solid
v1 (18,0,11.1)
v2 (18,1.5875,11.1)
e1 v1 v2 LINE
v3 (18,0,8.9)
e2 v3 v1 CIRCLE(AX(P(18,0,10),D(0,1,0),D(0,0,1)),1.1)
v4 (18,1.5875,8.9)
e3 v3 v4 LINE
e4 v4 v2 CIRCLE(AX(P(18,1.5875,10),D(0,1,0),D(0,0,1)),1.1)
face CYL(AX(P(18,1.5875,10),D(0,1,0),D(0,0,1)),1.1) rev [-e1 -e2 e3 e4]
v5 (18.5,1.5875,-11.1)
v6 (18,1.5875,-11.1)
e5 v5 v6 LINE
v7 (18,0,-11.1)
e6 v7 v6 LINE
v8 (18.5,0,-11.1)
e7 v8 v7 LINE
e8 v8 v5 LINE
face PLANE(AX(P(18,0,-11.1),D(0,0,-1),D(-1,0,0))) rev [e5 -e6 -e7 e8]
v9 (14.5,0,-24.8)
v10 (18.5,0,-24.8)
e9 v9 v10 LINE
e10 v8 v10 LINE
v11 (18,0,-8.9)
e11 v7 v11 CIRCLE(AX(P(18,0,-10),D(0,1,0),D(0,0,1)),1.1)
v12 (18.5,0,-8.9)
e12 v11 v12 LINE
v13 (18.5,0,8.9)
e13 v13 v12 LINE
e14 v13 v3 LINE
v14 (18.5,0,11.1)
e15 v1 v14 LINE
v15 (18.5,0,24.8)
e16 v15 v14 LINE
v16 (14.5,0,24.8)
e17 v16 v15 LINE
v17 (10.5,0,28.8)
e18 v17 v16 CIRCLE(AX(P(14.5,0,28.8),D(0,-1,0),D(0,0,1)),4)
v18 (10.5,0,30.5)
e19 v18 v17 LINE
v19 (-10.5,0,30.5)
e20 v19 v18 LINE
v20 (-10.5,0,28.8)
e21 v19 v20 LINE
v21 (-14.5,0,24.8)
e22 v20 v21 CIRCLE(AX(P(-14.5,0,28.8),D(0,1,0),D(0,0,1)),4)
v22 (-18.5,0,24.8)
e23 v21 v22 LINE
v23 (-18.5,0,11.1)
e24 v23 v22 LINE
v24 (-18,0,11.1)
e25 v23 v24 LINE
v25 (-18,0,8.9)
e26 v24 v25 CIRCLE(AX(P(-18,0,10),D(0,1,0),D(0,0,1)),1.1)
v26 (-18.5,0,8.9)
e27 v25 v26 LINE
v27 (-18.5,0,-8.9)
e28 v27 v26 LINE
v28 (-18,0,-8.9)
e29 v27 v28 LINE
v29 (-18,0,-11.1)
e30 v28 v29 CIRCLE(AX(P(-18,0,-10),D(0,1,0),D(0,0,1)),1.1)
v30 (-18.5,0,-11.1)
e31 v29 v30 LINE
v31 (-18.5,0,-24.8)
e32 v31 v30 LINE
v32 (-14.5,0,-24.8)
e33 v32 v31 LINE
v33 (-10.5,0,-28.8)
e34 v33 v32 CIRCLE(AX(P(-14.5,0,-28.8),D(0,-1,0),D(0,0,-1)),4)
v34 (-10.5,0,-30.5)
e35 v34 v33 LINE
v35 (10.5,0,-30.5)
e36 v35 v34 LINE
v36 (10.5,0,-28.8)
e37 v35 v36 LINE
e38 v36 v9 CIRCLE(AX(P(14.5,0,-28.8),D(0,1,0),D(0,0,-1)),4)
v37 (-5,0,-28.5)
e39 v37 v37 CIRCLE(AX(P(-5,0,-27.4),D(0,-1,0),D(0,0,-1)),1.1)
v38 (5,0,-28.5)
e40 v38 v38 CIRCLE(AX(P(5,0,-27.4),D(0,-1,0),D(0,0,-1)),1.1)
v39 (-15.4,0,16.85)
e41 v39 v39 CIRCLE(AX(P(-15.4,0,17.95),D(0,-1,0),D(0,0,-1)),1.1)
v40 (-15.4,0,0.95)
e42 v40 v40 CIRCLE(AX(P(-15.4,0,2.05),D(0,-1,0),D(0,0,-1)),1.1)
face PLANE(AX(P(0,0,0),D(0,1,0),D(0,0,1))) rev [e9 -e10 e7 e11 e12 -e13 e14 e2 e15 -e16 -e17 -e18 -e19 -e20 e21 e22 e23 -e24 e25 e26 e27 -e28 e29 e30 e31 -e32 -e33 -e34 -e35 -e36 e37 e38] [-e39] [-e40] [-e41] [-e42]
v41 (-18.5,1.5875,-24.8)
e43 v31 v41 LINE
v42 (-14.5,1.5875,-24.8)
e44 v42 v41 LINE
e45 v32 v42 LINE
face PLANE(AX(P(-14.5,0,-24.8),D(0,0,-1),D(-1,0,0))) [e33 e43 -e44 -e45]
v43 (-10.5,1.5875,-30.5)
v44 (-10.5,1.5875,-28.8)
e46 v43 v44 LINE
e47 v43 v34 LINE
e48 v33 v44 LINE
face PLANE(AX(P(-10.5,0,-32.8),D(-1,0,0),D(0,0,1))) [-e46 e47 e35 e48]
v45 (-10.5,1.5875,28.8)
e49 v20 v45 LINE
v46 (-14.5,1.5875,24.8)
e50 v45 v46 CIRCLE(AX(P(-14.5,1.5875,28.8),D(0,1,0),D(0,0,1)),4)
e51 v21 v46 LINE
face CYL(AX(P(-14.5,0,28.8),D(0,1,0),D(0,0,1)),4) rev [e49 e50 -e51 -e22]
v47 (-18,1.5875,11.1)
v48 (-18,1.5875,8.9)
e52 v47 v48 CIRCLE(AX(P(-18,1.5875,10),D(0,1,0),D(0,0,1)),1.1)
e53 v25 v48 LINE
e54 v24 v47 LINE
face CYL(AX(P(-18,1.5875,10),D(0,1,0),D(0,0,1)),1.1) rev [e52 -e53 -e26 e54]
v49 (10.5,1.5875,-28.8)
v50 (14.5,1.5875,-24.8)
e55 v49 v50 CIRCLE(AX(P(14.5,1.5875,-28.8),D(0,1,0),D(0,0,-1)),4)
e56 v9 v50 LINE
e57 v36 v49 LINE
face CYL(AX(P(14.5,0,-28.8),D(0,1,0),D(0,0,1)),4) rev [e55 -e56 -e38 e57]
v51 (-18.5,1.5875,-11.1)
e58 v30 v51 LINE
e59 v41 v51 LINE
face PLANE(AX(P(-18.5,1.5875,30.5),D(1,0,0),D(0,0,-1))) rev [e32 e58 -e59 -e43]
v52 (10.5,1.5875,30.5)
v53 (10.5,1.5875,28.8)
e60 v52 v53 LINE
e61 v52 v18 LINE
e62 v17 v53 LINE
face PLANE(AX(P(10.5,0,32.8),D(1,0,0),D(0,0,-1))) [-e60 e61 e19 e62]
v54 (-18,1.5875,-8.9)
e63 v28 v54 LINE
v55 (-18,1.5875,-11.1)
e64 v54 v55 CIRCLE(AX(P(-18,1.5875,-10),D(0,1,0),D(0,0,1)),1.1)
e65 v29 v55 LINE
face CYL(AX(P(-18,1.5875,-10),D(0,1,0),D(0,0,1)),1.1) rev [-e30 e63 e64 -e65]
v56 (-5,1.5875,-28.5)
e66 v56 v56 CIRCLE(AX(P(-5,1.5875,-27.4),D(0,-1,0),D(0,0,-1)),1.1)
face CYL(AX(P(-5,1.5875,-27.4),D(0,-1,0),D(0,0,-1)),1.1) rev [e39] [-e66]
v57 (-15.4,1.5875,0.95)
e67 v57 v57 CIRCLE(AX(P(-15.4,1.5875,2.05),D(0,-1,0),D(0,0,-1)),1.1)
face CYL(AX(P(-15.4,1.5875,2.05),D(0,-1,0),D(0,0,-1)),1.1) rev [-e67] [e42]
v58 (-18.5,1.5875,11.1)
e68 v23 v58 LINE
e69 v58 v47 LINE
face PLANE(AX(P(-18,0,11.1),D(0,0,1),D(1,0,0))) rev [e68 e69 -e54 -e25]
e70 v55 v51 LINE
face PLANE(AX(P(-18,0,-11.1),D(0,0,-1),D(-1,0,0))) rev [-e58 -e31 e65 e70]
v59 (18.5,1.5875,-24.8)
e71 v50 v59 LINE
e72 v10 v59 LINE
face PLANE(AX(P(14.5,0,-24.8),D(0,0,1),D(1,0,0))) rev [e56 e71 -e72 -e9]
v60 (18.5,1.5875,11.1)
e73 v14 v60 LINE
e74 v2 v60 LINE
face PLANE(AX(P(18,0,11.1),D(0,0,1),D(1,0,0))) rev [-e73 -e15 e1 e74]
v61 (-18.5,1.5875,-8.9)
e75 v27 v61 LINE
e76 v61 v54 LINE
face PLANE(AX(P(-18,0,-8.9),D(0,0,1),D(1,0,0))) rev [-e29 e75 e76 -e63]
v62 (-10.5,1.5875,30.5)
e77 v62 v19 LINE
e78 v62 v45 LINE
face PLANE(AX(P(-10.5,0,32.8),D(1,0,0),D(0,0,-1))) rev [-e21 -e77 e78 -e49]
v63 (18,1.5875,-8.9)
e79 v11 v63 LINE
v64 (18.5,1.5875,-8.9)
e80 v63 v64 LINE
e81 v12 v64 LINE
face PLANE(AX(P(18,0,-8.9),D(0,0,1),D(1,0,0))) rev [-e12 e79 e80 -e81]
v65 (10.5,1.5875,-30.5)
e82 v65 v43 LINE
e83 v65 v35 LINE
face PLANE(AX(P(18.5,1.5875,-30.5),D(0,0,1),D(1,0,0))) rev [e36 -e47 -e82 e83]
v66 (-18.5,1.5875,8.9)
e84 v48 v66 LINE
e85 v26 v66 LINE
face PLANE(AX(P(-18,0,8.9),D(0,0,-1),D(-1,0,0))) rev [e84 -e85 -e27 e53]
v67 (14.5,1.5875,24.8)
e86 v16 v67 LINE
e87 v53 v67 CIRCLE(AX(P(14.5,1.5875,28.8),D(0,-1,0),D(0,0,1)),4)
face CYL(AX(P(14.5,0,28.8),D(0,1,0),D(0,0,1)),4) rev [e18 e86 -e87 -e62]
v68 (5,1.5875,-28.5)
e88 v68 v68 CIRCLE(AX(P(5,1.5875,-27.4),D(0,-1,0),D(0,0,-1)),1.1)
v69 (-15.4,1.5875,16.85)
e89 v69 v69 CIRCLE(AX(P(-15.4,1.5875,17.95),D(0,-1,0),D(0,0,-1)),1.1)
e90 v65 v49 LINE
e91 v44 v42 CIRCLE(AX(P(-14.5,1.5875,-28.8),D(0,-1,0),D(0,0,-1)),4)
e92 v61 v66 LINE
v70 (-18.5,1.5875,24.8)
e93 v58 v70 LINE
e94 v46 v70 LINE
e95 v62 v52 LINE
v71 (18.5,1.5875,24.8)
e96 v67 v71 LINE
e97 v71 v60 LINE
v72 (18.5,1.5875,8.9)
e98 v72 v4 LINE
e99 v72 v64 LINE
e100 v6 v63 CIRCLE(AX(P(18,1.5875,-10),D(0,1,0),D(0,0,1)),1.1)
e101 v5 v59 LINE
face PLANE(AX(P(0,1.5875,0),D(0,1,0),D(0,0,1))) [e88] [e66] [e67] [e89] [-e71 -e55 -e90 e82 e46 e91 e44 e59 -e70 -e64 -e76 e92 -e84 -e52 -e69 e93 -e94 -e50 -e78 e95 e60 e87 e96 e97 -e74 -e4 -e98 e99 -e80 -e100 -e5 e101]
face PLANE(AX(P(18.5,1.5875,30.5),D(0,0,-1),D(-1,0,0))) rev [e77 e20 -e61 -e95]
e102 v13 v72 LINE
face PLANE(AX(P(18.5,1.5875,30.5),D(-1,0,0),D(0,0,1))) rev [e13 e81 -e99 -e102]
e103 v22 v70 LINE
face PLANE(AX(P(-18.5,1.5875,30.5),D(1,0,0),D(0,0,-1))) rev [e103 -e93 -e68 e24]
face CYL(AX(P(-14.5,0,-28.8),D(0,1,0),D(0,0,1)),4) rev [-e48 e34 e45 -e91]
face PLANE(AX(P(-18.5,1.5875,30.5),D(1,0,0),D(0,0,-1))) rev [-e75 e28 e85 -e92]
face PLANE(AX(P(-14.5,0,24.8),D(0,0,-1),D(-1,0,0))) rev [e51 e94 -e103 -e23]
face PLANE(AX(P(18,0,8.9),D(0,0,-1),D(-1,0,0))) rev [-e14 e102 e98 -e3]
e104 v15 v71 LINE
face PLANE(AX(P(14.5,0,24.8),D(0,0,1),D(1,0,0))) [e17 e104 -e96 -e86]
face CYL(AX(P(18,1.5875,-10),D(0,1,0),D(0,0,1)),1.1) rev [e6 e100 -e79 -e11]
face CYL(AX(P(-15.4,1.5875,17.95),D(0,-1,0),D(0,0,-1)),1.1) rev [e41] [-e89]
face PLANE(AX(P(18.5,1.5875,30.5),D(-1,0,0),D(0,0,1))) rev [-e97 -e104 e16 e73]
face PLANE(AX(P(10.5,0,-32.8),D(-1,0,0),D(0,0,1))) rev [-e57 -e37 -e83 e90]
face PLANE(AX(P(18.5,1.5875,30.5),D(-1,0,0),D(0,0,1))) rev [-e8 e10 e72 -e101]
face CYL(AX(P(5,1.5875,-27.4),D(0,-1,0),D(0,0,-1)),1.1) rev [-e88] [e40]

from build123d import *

# Parameters (mm, degrees)
SKETCH1_W                                   = 37
SKETCH1_H                                   = 61
BASE_EXTRUSION_DEPTH                        = 1.5875
M2_CLEARANCE_HOLE3_D                        = 2.2
SKETCH8_W                                   = 0.5
SKETCH8_H                                   = 2.2
SIDE_SLOTS_DEPTH                            = 36.707424386
CORNER_BOSS_CLEARANCE_DEPTH                 = 36.707424386
CORNER_BOSS_CLEARANCE_MIRROR_2_COPY_1_DEPTH = 36.707424386
SKETCH10_R                                  = 1.1
AC_WIRE_HOLES_DEPTH                         = 36.707424386


with BuildPart() as part:
    # Sketch1 → Base Extrusion (new body)
    with BuildSketch(Plane(origin=(0, 0, 0), x_dir=(1, 0, 0), z_dir=(0, 1, 0))):
        Rectangle(SKETCH1_W, SKETCH1_H)
    extrude(amount=BASE_EXTRUSION_DEPTH)

    # M2 Clearance Hole3 (through all)
    with Locations(Plane(origin=(0, 1.5875, 0), x_dir=(1, 0, 0), z_dir=(0, 1, 0))):
        with Locations((-18, 10), (-18, -10), (18, -10), (18, 10)):
            Hole(M2_CLEARANCE_HOLE3_D / 2)

    # Sketch8 → Side Slots (cut, through all)
    with BuildSketch(Plane(origin=(0, 1.5875, 0), x_dir=(1, 0, 0), z_dir=(0, 1, 0))):
        with Locations((-18.25, 10)):
            Rectangle(SKETCH8_W, SKETCH8_H)
        with Locations((-18.25, -10)):
            Rectangle(SKETCH8_W, SKETCH8_H)
        with Locations((18.25, 10)):
            Rectangle(SKETCH8_W, SKETCH8_H)
        with Locations((18.25, -10)):
            Rectangle(SKETCH8_W, SKETCH8_H)
    extrude(amount=-SIDE_SLOTS_DEPTH, mode=Mode.SUBTRACT)

    # Sketch9 → Corner Boss Clearance (cut, through all)
    with BuildSketch(Plane(origin=(0, 1.5875, 0), x_dir=(1, 0, 0), z_dir=(0, 1, 0))):
        with BuildLine():
            Line((-18.5, -32.8), (-10.5, -32.8))
            Line((-10.5, -32.8), (-10.5, -28.8))
            ThreePointArc((-10.5, -28.8), (-11.671572875, -25.971572875), (-14.5, -24.8))
            Line((-14.5, -24.8), (-18.5, -24.8))
            Line((-18.5, -24.8), (-18.5, -32.8))
        make_face()
    corner_boss_clearance = extrude(amount=-CORNER_BOSS_CLEARANCE_DEPTH, mode=Mode.SUBTRACT)

    # Corner Boss Clearance Mirror: Corner Boss Clearance across plane
    add(corner_boss_clearance.mirror(Plane(origin=(0, 0, 0), x_dir=(0, 0, 1), z_dir=(1, 0, 0))), mode=Mode.SUBTRACT)

    # Corner Boss Clearance Mirror 2: Corner Boss Clearance across plane
    add(corner_boss_clearance.mirror(Plane.XY), mode=Mode.SUBTRACT)

    # Corner Boss Clearance Mirror 2 copy 1 sk → Corner Boss Clearance Mirror 2 copy 1 (cut, through all)
    with BuildSketch(Plane(origin=(0, 1.5875, 0), x_dir=(-1, 0, 0), z_dir=(0, 1, 0))):
        with BuildLine():
            Line((-18.5, -32.8), (-10.5, -32.8))
            Line((-10.5, -32.8), (-10.5, -28.8))
            ThreePointArc((-10.5, -28.8), (-11.671572875, -25.971572875), (-14.5, -24.8))
            Line((-14.5, -24.8), (-18.5, -24.8))
            Line((-18.5, -24.8), (-18.5, -32.8))
        make_face()
    extrude(amount=-CORNER_BOSS_CLEARANCE_MIRROR_2_COPY_1_DEPTH, mode=Mode.SUBTRACT)

    # Sketch10 → AC Wire Holes (cut, through all)
    with BuildSketch(Plane.XZ):
        with Locations(Location((-5, -27.4, 0), (0, 0, 270))):
            Circle(SKETCH10_R)
        with Locations(Location((5, -27.4, 0), (0, 0, 270))):
            Circle(SKETCH10_R)
        with Locations(Location((-15.4, 17.95, 0), (0, 0, 270))):
            Circle(SKETCH10_R)
        with Locations(Location((-15.4, 2.05, 0), (0, 0, 270))):
            Circle(SKETCH10_R)
    extrude(amount=-AC_WIRE_HOLES_DEPTH, mode=Mode.SUBTRACT)


solid = part.part
